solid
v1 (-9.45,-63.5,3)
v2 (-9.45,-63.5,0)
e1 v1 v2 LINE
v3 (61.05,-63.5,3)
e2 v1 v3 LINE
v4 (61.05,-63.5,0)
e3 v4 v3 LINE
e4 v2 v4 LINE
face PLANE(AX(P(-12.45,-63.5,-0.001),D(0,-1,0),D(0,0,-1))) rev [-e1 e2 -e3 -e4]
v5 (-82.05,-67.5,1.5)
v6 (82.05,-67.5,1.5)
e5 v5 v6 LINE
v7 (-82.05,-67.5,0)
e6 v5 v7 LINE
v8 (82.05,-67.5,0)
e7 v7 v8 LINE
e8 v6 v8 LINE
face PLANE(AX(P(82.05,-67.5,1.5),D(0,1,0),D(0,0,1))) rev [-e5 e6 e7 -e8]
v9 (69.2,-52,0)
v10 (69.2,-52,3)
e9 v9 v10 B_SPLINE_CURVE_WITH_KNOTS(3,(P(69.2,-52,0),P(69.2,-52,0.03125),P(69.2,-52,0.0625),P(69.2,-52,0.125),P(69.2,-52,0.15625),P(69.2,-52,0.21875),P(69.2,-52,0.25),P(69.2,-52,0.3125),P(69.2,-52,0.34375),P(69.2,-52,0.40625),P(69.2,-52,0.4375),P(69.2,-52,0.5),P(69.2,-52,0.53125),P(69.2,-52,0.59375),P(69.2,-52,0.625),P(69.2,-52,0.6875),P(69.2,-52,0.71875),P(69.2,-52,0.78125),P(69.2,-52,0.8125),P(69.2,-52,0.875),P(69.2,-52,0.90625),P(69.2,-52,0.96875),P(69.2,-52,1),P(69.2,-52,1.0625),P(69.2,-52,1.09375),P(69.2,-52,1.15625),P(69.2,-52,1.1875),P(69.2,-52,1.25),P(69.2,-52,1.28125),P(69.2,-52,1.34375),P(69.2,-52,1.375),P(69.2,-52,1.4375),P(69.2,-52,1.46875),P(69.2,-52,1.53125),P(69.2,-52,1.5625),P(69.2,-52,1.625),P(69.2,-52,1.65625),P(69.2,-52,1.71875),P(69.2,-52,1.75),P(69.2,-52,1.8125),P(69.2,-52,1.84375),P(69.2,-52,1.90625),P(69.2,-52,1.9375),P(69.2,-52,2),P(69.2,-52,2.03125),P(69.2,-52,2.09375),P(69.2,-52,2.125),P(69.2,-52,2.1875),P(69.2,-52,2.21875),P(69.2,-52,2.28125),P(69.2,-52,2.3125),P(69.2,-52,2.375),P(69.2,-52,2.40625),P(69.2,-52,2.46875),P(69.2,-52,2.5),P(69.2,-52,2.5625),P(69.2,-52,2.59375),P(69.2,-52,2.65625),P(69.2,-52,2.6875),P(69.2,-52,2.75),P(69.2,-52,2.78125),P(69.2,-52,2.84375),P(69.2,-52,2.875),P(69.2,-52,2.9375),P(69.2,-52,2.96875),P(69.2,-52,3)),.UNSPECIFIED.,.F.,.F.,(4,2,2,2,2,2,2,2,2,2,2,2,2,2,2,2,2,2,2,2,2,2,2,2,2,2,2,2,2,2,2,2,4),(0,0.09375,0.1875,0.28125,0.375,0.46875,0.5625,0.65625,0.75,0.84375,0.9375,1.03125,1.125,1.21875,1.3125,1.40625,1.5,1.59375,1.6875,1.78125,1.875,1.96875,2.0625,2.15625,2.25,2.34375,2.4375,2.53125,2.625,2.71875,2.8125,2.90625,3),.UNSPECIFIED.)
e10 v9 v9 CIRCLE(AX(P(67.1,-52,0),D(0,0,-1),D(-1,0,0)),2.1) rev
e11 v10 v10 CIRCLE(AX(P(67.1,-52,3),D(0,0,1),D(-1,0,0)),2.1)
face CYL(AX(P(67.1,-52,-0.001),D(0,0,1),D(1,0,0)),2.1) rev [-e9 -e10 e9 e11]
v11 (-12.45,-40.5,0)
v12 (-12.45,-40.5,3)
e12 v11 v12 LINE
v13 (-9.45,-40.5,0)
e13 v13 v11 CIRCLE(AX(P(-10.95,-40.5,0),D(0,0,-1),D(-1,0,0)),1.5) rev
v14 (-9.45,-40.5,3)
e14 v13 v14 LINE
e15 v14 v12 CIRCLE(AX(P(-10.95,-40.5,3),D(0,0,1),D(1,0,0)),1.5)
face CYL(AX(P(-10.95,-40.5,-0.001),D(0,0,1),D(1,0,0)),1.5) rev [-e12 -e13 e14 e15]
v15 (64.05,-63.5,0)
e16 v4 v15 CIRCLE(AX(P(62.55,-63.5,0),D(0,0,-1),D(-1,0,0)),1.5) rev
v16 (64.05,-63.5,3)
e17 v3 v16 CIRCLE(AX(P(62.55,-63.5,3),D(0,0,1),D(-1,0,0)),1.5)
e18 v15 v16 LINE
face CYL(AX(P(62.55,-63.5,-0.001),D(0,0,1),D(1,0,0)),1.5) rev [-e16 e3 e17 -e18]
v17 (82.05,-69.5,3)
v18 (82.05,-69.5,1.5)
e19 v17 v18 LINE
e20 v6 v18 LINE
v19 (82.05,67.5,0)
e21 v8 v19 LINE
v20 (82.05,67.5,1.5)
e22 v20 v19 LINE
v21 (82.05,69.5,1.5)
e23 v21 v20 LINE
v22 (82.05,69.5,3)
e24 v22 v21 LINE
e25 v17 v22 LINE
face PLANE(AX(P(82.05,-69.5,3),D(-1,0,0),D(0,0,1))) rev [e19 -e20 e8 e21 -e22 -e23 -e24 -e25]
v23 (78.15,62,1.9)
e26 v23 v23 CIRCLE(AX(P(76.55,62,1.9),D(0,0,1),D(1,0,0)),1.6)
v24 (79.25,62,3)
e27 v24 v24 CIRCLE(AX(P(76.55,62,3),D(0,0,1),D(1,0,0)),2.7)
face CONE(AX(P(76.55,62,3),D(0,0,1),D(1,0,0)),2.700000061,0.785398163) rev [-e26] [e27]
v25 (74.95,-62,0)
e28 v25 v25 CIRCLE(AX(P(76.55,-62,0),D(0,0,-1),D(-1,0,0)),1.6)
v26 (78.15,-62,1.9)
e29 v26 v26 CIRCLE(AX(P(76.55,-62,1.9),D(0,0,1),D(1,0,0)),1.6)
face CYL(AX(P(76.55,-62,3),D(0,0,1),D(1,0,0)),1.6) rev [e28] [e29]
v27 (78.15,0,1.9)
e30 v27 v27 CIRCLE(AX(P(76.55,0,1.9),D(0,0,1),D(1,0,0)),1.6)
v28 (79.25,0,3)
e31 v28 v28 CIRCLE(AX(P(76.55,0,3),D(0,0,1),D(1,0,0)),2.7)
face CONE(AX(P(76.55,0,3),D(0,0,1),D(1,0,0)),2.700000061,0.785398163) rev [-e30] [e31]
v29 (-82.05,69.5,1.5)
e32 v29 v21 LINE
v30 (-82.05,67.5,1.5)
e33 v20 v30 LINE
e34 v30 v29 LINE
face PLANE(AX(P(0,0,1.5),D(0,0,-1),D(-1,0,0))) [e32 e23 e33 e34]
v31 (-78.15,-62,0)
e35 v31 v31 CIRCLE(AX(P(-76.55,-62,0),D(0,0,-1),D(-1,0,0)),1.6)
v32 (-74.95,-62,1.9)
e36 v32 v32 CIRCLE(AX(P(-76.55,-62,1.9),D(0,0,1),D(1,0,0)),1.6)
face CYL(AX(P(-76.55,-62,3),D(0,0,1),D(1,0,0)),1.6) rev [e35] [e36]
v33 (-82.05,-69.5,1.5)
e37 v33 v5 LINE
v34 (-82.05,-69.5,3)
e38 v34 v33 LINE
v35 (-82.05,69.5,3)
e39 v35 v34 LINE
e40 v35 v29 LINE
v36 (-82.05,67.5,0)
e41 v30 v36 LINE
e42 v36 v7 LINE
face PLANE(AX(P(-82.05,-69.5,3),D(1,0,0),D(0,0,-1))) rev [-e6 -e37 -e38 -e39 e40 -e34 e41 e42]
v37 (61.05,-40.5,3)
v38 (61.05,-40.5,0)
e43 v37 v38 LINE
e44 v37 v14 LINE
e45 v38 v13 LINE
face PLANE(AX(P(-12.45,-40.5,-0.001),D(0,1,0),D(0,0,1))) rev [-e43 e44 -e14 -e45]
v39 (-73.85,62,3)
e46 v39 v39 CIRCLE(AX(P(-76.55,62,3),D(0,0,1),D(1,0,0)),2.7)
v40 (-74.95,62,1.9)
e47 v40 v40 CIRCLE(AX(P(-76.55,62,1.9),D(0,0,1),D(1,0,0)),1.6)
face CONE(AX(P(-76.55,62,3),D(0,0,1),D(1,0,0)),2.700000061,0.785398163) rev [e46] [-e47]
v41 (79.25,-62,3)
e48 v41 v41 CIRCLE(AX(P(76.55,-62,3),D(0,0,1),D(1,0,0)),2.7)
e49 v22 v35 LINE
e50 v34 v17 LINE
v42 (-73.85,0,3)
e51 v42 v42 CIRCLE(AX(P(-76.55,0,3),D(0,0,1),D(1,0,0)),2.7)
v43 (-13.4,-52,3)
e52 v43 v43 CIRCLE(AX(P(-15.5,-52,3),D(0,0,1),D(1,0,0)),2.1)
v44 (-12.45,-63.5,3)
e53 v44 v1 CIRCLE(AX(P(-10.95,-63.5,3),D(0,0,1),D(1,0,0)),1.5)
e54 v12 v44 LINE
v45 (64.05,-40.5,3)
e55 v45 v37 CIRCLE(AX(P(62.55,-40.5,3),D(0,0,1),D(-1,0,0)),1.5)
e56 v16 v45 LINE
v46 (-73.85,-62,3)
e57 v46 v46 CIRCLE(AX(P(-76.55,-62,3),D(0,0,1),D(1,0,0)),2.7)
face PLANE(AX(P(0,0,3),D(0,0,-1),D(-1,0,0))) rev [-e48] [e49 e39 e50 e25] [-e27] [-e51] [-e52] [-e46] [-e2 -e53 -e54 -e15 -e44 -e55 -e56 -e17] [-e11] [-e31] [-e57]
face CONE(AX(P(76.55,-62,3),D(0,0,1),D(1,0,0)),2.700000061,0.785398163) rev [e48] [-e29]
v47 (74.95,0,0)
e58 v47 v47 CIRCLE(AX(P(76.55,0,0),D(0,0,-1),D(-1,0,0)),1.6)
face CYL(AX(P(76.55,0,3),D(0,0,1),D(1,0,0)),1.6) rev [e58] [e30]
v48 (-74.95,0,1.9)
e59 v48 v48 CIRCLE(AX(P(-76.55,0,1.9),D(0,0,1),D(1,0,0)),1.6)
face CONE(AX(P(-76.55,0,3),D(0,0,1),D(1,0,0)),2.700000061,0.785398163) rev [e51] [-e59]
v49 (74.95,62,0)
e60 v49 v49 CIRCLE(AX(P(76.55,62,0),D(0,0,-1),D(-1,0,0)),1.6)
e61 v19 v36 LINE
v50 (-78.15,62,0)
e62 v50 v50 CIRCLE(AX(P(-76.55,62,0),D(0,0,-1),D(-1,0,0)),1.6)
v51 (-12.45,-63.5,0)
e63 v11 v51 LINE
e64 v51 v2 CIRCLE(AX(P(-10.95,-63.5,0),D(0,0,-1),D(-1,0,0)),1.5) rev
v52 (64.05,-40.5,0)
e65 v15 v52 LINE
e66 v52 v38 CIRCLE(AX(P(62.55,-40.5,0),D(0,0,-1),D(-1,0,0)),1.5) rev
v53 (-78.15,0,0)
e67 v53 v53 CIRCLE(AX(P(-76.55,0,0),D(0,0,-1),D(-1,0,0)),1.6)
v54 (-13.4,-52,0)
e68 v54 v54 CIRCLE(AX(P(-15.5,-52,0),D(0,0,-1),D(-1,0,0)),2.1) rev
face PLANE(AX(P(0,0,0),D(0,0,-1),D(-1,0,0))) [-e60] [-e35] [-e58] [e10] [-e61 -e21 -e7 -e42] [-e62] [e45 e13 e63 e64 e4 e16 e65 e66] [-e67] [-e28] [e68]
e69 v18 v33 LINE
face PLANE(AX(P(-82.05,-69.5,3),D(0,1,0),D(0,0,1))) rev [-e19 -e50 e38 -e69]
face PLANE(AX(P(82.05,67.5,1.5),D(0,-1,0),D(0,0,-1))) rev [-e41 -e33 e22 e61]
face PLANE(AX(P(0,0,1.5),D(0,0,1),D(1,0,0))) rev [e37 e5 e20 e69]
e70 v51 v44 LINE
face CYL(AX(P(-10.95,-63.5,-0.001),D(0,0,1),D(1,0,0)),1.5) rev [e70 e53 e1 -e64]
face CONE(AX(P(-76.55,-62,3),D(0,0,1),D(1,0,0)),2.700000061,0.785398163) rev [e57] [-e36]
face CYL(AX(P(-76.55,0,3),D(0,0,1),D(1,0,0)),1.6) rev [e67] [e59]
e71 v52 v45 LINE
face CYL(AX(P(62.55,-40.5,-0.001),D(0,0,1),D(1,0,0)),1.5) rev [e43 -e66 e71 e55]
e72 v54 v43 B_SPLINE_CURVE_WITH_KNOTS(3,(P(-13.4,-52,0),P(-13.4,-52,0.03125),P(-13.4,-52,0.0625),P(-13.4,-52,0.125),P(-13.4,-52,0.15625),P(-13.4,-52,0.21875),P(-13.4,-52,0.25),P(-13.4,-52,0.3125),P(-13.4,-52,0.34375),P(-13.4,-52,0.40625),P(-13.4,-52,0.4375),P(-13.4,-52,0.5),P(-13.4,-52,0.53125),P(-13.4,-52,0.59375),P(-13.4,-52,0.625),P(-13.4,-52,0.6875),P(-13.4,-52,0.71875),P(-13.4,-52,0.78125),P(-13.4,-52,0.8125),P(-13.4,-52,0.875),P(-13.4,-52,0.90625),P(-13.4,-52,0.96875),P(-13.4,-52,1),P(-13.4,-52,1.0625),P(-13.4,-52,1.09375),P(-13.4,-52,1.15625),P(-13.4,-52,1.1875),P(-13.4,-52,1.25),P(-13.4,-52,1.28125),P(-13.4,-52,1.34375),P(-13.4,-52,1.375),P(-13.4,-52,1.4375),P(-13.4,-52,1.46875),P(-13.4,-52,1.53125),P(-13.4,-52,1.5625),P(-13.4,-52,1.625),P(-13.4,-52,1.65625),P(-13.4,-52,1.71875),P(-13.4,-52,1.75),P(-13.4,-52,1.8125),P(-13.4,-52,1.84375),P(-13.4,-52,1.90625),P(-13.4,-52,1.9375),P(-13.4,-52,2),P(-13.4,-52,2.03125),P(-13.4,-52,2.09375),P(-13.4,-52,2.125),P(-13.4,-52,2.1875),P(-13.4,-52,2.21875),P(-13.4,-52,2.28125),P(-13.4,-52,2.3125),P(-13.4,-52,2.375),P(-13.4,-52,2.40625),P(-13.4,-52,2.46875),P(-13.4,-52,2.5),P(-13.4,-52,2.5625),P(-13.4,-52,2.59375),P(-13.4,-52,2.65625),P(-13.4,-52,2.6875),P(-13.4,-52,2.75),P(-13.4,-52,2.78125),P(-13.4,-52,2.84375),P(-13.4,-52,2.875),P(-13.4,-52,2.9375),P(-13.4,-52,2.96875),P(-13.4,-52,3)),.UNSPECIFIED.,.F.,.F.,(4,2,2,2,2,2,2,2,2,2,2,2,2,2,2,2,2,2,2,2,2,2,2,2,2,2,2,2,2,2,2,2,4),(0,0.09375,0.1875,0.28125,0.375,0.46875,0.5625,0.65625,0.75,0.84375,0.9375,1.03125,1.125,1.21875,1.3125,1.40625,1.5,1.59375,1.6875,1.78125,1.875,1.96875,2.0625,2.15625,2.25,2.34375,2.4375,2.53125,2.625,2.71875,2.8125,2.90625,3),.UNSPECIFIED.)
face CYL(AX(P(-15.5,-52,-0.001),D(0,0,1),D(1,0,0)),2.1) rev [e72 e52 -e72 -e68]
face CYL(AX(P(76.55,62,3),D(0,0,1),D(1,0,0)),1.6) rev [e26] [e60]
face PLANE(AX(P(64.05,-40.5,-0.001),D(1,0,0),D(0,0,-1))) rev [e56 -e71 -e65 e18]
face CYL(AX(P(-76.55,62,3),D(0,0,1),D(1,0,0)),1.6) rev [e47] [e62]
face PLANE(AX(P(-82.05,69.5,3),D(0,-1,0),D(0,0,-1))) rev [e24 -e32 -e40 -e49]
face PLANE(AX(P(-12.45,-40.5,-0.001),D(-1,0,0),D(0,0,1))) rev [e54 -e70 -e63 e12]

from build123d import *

# Parameters (mm, degrees)
SKETCH1_W                                         = 164.1
SKETCH1_H                                         = 139
BOSS_EXTRUDE1_DEPTH                               = 3
CSK_FOR_4_FLAT_HEAD_MACHINE_SCREW_100_D           = 3.19999995
CSK_FOR_4_FLAT_HEAD_MACHINE_SCREW_100_CSINK_D     = 5.400000122
CSK_FOR_4_FLAT_HEAD_MACHINE_SCREW_100_CSINK_ANGLE = 90
CUT_EXTRUDE1_REACH                                = 109.571
SKETCH4_R                                         = 2.1
SKETCH4_W                                         = 76.5
SKETCH4_H                                         = 23
CUT_EXTRUDE2_START                                = -3
CUT_EXTRUDE2_DEPTH                                = 3
SKETCH6_W                                         = 164.1
SKETCH6_H                                         = 2
CUT_EXTRUDE3_DEPTH                                = 1.5


with BuildPart() as part:
    # Sketch1 → Boss-Extrude1 (new body)
    with BuildSketch(Plane.XY):
        Rectangle(SKETCH1_W, SKETCH1_H)
    extrude(amount=BOSS_EXTRUDE1_DEPTH)

    # CSK for #4 Flat Head Machine Screw (100)1 (through all)
    with Locations(Plane.XY.offset(3)):
        with Locations((-76.55, 62), (-76.55, 0), (-76.55, -62), (76.55, -62), (76.55, 0), (76.55, 62)):
            CounterSinkHole(CSK_FOR_4_FLAT_HEAD_MACHINE_SCREW_100_D / 2, CSK_FOR_4_FLAT_HEAD_MACHINE_SCREW_100_CSINK_D / 2, counter_sink_angle=CSK_FOR_4_FLAT_HEAD_MACHINE_SCREW_100_CSINK_ANGLE)

    # Sketch4 → Cut-Extrude1 (cut, up to next)
    with BuildSketch(Plane.XY.offset(3), mode=Mode.PRIVATE) as cut_extrude1_sk1:
        with Locations((-15.5, -52)):
            Circle(SKETCH4_R)
    cut_extrude1_tool1 = extrude(cut_extrude1_sk1.sketch, amount=-CUT_EXTRUDE1_REACH, mode=Mode.PRIVATE) & part.part
    # Sketch4 → Cut-Extrude1 (cut, up to next)
    with BuildSketch(Plane.XY.offset(3), mode=Mode.PRIVATE) as cut_extrude1_sk2:
        with Locations((67.1, -52)):
            Circle(SKETCH4_R)
    cut_extrude1_tool2 = extrude(cut_extrude1_sk2.sketch, amount=-CUT_EXTRUDE1_REACH, mode=Mode.PRIVATE) & part.part
    # Sketch4 → Cut-Extrude1 (cut, up to next)
    with BuildSketch(Plane.XY.offset(3), mode=Mode.PRIVATE) as cut_extrude1_sk3:
        with Locations((25.8, -52)):
            Rectangle(SKETCH4_W, SKETCH4_H)
    cut_extrude1_tool3 = extrude(cut_extrude1_sk3.sketch, amount=-CUT_EXTRUDE1_REACH, mode=Mode.PRIVATE) & part.part
    add(cut_extrude1_tool1.solids().sort_by_distance((-15.5, -52, 3))[0], mode=Mode.SUBTRACT)
    add(cut_extrude1_tool2.solids().sort_by_distance((67.1, -52, 3))[0], mode=Mode.SUBTRACT)
    add(cut_extrude1_tool3.solids().sort_by_distance((25.8, -52, 3))[0], mode=Mode.SUBTRACT)

    # Sketch5 → Cut-Extrude2 (cut)
    with BuildSketch(Plane.XY.offset(3).offset(CUT_EXTRUDE2_START)):
        with BuildLine():
            Line((-12.45, -63.5), (-12.45, -40.5))
            ThreePointArc((-12.45, -40.5), (-10.95, -39), (-9.45, -40.5))
            Line((-9.45, -40.5), (-9.45, -63.5))
            ThreePointArc((-9.45, -63.5), (-10.95, -65), (-12.45, -63.5))
        make_face()
        with BuildLine():
            Line((64.05, -63.5), (64.05, -40.5))
            ThreePointArc((64.05, -40.5), (62.55, -39), (61.05, -40.5))
            Line((61.05, -40.5), (61.05, -63.5))
            ThreePointArc((61.05, -63.5), (62.55, -65), (64.05, -63.5))
        make_face()
    extrude(amount=CUT_EXTRUDE2_DEPTH, mode=Mode.SUBTRACT)

    # Sketch6 → Cut-Extrude3 (cut)
    with BuildSketch(Plane(origin=(0, 0, 0), x_dir=(-1, 0, 0), z_dir=(0, 0, -1))):
        with Locations((0, 68.5)):
            Rectangle(SKETCH6_W, SKETCH6_H)
        with Locations((0, -68.5)):
            Rectangle(SKETCH6_W, SKETCH6_H)
    extrude(amount=-CUT_EXTRUDE3_DEPTH, mode=Mode.SUBTRACT)


solid = part.part
